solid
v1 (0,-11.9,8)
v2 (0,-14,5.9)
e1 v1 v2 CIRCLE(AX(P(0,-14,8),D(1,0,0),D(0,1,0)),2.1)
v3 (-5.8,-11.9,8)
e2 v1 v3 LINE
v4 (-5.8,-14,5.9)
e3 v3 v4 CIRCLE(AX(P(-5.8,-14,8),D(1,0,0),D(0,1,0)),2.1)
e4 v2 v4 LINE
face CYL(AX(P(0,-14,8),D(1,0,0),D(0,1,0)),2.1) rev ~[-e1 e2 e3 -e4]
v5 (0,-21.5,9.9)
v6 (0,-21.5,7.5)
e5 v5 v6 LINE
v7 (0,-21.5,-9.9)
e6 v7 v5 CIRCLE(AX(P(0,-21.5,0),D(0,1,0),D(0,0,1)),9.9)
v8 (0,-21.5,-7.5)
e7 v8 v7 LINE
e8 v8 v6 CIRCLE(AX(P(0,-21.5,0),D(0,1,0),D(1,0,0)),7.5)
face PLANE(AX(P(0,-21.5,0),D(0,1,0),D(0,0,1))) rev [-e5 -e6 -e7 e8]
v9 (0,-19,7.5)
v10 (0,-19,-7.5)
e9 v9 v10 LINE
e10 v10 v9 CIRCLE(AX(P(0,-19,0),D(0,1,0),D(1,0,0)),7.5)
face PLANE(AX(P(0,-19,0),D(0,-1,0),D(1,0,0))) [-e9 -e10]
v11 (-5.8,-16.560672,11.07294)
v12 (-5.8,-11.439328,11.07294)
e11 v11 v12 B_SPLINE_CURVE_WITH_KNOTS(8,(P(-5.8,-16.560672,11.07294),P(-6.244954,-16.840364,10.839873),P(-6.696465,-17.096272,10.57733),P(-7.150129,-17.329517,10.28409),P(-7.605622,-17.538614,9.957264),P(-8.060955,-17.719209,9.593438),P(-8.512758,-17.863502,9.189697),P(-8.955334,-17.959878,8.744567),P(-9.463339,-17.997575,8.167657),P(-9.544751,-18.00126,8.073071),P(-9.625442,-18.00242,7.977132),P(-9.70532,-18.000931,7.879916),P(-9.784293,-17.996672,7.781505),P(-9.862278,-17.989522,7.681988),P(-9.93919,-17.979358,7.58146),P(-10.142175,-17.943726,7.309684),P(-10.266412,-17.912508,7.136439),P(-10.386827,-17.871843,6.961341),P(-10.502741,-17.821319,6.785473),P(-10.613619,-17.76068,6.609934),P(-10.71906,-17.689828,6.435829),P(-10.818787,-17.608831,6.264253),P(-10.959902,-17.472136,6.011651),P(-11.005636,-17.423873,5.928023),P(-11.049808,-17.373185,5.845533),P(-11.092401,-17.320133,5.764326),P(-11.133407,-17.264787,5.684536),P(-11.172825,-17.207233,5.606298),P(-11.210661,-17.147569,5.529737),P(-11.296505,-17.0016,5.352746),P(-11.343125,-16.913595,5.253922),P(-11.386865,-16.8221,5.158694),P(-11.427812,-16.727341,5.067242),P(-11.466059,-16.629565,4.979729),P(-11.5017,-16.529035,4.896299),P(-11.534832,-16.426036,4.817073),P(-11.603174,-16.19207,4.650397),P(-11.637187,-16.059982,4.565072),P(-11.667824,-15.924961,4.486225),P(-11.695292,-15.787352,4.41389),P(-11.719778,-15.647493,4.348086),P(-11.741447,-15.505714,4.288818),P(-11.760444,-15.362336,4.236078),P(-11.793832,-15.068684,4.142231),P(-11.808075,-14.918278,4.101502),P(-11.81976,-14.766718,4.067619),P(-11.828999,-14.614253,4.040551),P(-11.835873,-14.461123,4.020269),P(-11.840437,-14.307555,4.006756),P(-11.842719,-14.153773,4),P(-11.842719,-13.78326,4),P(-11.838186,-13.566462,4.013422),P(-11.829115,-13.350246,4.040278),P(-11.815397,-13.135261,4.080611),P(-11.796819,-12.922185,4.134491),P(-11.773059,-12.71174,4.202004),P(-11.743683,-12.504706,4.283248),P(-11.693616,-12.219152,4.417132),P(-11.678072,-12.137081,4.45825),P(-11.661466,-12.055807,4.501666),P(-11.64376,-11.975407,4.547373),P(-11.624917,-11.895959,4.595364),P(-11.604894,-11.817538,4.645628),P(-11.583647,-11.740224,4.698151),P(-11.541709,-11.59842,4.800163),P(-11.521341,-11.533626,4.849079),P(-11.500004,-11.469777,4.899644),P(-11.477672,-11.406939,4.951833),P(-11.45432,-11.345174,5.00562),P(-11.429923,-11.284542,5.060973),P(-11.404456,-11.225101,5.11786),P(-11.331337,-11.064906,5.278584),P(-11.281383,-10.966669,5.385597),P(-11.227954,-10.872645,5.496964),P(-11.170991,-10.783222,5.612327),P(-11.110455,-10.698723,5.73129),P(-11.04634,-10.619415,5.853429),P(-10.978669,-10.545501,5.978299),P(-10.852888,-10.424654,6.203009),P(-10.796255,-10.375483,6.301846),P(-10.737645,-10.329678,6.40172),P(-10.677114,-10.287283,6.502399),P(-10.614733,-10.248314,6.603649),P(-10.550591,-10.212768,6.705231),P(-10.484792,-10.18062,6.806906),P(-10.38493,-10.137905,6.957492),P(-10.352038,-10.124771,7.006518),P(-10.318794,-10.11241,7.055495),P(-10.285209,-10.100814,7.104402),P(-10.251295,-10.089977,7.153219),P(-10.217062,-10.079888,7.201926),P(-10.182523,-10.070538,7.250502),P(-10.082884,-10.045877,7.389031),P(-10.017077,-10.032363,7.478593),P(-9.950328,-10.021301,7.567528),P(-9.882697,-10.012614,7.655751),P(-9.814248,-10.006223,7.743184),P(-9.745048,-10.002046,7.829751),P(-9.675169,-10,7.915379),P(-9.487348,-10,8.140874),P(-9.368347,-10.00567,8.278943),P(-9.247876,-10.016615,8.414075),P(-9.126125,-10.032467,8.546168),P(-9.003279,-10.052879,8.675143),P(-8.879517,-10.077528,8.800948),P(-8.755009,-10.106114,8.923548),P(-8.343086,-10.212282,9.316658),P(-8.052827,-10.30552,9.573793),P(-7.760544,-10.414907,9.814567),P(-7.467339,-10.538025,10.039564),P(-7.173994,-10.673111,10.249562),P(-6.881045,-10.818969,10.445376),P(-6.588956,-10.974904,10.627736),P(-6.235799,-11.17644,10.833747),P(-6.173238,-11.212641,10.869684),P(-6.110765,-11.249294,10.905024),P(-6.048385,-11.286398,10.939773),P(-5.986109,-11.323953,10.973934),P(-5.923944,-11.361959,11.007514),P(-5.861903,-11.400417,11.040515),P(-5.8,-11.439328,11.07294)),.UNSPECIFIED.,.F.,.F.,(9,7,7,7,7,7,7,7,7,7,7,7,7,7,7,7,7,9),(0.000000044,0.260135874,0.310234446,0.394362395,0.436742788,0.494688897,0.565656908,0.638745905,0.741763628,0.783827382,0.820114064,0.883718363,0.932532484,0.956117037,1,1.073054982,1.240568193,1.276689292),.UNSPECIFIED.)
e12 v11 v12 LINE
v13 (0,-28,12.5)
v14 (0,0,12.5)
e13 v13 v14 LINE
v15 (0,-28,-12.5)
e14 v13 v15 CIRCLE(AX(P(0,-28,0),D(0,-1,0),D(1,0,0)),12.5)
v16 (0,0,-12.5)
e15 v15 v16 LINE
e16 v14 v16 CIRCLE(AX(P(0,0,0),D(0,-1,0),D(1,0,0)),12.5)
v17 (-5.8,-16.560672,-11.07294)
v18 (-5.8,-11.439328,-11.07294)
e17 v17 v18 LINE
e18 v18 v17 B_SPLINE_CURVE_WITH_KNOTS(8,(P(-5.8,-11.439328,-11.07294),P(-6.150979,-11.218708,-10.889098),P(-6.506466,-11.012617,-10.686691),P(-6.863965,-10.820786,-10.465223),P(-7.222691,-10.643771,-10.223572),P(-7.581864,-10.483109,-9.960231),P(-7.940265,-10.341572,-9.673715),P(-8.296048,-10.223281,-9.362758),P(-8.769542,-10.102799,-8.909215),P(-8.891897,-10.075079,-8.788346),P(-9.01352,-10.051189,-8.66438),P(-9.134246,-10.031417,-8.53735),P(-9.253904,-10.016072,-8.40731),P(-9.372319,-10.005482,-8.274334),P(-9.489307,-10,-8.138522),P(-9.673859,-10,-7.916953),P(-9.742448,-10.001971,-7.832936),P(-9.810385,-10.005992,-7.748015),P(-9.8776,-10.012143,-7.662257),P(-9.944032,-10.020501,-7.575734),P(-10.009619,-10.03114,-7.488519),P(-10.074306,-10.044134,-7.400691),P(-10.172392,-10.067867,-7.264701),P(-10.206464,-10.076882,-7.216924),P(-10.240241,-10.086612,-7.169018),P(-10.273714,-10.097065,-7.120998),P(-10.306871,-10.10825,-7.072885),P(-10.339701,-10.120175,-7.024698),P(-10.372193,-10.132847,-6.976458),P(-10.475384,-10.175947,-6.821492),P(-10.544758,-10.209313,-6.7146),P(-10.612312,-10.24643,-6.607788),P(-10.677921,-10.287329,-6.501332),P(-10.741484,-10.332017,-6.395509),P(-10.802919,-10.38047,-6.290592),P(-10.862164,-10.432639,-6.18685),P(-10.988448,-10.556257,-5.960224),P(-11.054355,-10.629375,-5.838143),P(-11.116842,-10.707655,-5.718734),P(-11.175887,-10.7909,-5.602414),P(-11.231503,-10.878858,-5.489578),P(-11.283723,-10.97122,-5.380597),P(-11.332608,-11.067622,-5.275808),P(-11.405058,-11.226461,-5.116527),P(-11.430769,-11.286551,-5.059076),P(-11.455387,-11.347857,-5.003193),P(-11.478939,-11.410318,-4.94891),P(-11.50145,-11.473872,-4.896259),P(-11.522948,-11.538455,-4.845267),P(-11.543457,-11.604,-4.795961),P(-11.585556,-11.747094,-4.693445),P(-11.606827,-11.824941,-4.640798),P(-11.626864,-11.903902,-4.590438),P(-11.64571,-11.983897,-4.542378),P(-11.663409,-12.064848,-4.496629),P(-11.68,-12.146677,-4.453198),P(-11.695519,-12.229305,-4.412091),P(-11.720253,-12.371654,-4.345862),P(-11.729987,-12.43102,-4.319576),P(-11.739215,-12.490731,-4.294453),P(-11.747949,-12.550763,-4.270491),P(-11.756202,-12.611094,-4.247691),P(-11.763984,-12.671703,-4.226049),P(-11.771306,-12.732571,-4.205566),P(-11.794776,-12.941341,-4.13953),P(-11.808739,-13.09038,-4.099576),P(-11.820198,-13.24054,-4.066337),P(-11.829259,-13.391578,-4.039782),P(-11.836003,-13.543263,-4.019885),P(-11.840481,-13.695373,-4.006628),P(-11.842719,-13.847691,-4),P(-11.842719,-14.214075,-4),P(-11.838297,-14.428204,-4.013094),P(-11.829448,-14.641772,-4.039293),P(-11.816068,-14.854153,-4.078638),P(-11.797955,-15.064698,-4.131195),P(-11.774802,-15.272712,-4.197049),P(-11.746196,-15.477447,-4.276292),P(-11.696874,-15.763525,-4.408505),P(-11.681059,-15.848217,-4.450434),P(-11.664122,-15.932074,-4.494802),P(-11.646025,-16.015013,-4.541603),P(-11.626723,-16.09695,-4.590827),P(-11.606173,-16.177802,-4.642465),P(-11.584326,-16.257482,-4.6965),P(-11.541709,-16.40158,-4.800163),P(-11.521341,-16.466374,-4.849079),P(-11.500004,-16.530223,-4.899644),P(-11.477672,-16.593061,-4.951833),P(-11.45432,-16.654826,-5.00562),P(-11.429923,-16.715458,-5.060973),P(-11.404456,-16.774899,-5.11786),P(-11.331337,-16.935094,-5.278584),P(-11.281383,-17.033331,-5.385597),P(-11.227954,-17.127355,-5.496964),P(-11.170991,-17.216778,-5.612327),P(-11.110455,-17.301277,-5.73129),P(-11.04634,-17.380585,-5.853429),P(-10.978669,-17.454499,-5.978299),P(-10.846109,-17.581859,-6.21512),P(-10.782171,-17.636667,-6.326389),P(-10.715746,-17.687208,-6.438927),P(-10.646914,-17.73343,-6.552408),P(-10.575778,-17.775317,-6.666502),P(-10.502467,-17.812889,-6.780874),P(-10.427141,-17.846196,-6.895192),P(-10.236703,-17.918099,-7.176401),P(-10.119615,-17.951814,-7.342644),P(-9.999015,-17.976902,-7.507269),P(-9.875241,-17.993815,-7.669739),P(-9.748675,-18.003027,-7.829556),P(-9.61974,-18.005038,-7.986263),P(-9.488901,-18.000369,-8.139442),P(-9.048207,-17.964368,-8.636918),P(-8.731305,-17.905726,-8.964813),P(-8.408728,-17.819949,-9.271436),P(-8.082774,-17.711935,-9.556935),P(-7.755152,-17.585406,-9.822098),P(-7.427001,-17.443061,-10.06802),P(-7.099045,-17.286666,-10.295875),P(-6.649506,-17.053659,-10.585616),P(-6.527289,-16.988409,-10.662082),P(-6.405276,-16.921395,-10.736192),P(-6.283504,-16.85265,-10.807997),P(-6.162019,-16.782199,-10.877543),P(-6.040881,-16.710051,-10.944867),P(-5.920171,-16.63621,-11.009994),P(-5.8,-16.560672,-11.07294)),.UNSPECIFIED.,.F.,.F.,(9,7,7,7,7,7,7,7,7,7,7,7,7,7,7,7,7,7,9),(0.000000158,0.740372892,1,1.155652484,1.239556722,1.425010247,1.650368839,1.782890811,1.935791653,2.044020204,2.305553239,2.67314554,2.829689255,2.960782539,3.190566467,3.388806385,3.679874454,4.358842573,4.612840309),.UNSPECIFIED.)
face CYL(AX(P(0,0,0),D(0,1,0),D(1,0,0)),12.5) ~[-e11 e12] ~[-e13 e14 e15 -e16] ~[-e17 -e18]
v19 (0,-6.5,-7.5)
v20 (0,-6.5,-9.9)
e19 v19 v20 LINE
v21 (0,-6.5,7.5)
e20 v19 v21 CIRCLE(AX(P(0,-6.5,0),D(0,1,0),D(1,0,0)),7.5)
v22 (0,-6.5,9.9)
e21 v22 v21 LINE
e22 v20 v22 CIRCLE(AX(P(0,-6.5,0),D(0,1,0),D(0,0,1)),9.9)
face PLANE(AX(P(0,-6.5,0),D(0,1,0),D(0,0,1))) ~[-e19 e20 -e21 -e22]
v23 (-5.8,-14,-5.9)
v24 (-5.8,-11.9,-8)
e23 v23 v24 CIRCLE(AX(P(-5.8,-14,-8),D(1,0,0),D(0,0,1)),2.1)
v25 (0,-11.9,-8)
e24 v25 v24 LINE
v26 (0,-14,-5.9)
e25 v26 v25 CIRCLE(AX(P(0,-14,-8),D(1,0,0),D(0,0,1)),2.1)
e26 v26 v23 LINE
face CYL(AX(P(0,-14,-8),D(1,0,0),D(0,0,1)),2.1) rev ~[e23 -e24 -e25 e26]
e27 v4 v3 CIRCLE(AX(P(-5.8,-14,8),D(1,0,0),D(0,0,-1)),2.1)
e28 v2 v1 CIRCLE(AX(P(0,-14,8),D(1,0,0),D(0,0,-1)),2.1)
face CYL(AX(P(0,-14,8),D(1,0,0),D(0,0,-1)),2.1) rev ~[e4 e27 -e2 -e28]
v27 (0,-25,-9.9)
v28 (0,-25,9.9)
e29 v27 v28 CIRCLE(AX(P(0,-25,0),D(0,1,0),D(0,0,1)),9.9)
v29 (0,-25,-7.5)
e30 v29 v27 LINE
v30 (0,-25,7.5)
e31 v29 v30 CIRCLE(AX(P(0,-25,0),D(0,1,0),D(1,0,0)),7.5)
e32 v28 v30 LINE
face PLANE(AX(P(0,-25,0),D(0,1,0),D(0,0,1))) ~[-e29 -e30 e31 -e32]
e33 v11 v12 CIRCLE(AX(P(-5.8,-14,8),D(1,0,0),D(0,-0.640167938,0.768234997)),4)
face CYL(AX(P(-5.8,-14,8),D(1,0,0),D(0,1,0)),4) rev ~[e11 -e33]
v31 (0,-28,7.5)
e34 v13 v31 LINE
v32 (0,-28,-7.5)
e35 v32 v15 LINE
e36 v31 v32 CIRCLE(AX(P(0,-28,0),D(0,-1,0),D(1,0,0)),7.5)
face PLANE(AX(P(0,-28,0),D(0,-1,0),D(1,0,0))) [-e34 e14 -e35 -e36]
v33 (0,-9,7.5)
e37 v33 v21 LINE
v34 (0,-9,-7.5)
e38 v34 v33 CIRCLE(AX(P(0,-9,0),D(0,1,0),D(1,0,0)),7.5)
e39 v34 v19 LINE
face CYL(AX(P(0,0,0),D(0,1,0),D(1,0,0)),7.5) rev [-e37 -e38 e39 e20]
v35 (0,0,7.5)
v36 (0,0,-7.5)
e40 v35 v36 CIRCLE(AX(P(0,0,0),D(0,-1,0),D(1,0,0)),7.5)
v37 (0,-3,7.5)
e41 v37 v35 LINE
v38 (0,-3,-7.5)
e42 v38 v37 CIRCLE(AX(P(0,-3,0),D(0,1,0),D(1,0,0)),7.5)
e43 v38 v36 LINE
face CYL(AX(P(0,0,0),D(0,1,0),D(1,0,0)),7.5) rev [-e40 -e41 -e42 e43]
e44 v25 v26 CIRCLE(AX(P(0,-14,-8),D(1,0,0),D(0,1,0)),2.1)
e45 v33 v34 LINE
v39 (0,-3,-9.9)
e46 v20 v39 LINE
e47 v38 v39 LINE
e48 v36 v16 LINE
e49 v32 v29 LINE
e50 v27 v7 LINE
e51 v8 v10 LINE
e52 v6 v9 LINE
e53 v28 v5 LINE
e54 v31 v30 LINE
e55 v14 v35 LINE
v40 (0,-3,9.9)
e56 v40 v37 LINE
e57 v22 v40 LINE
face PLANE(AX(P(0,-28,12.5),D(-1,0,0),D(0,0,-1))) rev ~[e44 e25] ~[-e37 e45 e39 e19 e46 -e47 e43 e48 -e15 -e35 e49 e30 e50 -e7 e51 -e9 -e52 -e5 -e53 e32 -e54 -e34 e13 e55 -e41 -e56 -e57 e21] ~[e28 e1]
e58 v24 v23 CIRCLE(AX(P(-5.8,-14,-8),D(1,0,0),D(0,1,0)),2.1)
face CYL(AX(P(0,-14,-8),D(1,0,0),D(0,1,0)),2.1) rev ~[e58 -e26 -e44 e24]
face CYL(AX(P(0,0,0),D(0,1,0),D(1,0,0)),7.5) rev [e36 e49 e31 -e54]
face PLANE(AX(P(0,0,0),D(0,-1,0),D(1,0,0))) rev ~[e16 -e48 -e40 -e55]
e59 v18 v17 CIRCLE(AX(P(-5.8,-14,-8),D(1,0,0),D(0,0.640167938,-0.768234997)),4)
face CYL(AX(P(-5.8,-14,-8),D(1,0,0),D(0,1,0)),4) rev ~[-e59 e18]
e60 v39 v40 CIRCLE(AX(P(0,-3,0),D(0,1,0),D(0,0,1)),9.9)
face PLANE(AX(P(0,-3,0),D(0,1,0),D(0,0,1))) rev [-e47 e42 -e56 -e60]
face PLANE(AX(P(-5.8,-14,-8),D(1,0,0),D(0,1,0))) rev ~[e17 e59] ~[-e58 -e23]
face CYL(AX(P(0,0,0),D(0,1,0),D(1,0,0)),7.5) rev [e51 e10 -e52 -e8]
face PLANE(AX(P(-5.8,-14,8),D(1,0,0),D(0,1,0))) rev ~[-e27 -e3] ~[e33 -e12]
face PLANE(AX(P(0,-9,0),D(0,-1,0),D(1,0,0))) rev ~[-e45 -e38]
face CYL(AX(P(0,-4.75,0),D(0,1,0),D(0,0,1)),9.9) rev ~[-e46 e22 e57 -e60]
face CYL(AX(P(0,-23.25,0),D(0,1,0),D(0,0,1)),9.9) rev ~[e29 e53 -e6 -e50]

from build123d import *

# Parameters (mm, degrees)
F0_R      = 12.5
F0_R_2    = 7.5
F1_DEPTH  = 28
F2_W      = 3.5
F2_H      = 7.3783658981
F5_R      = 8.5
F6_DEPTH  = 5
F9_DEPTH  = 30
F10_DEPTH = 25
F12_START = -5.8
F11_R     = 4
F12_DEPTH = 19.2


with BuildPart() as f1:
    # F0 (on Front) → F1 (new body)
    with BuildSketch(Plane.XZ):
        Circle(F0_R)
        Circle(F0_R_2, mode=Mode.SUBTRACT)
    extrude(amount=F1_DEPTH)

    # F2 (on Right) → F3 (revolve, cut)
    with BuildSketch(Plane.YZ):
        with Locations((-23.25, 6.2108170509)):
            Rectangle(F2_W, F2_H)
        with Locations((-4.75, 6.2108170509)):
            Rectangle(F2_W, F2_H)
    revolve(axis=Axis((0, -29.1106614321, 0), (0, 1, 0)), mode=Mode.SUBTRACT)

    # F5 (on mid) → F6 (join, symmetric)
    with BuildSketch(Plane.XZ.offset(14)):
        Circle(F5_R)
    extrude(amount=F6_DEPTH, both=True)

    # F8 (on face) → F9 (cut)
    with BuildSketch(Plane.XZ.offset(28)):
        with BuildLine():
            Line((0, 12.5), (0, 7.5))
            ThreePointArc((0, 7.5), (5.3033008589, 5.3033008589), (7.5, 0))
            ThreePointArc((7.5, 0), (5.3033008589, -5.3033008589), (0, -7.5))
            Line((0, -7.5), (0, -12.5))
            ThreePointArc((0, -12.5), (8.8388347648, -8.8388347648), (12.5, 0))
            ThreePointArc((12.5, 0), (8.8388347648, 8.8388347648), (0, 12.5))
        make_face()
        with BuildLine():
            Line((0, 7.5), (0, -2.1648029558))
            Line((0, -2.1648029558), (0, -7.5))
            ThreePointArc((0, -7.5), (5.3033008589, -5.3033008589), (7.5, 0))
            ThreePointArc((7.5, 0), (5.3033008589, 5.3033008589), (0, 7.5))
        make_face()
    extrude(amount=-F9_DEPTH, mode=Mode.SUBTRACT)

    # F7 (on Right) → F10 (cut)
    with BuildSketch(Plane.YZ):
        with BuildLine():
            ThreePointArc((-11.9, -8), (-12.5150757595, -6.5150757595), (-14, -5.9))
            ThreePointArc((-14, -5.9), (-15.4849242405, -9.4849242405), (-11.9, -8))
        make_face()
        with BuildLine():
            ThreePointArc((-11.9, 8), (-15.4849242405, 9.4849242405), (-14, 5.9))
            ThreePointArc((-14, 5.9), (-12.5150757595, 6.5150757595), (-11.9, 8))
        make_face()
    extrude(amount=-F10_DEPTH, mode=Mode.SUBTRACT)

    # F11 (on Right) → F12 (cut)
    with BuildSketch(Plane.YZ.offset(F12_START)):
        with Locations((-14, -8)):
            Circle(F11_R)
        with Locations((-14, 8)):
            Circle(F11_R)
    extrude(amount=-F12_DEPTH, mode=Mode.SUBTRACT)


solid = f1.part
